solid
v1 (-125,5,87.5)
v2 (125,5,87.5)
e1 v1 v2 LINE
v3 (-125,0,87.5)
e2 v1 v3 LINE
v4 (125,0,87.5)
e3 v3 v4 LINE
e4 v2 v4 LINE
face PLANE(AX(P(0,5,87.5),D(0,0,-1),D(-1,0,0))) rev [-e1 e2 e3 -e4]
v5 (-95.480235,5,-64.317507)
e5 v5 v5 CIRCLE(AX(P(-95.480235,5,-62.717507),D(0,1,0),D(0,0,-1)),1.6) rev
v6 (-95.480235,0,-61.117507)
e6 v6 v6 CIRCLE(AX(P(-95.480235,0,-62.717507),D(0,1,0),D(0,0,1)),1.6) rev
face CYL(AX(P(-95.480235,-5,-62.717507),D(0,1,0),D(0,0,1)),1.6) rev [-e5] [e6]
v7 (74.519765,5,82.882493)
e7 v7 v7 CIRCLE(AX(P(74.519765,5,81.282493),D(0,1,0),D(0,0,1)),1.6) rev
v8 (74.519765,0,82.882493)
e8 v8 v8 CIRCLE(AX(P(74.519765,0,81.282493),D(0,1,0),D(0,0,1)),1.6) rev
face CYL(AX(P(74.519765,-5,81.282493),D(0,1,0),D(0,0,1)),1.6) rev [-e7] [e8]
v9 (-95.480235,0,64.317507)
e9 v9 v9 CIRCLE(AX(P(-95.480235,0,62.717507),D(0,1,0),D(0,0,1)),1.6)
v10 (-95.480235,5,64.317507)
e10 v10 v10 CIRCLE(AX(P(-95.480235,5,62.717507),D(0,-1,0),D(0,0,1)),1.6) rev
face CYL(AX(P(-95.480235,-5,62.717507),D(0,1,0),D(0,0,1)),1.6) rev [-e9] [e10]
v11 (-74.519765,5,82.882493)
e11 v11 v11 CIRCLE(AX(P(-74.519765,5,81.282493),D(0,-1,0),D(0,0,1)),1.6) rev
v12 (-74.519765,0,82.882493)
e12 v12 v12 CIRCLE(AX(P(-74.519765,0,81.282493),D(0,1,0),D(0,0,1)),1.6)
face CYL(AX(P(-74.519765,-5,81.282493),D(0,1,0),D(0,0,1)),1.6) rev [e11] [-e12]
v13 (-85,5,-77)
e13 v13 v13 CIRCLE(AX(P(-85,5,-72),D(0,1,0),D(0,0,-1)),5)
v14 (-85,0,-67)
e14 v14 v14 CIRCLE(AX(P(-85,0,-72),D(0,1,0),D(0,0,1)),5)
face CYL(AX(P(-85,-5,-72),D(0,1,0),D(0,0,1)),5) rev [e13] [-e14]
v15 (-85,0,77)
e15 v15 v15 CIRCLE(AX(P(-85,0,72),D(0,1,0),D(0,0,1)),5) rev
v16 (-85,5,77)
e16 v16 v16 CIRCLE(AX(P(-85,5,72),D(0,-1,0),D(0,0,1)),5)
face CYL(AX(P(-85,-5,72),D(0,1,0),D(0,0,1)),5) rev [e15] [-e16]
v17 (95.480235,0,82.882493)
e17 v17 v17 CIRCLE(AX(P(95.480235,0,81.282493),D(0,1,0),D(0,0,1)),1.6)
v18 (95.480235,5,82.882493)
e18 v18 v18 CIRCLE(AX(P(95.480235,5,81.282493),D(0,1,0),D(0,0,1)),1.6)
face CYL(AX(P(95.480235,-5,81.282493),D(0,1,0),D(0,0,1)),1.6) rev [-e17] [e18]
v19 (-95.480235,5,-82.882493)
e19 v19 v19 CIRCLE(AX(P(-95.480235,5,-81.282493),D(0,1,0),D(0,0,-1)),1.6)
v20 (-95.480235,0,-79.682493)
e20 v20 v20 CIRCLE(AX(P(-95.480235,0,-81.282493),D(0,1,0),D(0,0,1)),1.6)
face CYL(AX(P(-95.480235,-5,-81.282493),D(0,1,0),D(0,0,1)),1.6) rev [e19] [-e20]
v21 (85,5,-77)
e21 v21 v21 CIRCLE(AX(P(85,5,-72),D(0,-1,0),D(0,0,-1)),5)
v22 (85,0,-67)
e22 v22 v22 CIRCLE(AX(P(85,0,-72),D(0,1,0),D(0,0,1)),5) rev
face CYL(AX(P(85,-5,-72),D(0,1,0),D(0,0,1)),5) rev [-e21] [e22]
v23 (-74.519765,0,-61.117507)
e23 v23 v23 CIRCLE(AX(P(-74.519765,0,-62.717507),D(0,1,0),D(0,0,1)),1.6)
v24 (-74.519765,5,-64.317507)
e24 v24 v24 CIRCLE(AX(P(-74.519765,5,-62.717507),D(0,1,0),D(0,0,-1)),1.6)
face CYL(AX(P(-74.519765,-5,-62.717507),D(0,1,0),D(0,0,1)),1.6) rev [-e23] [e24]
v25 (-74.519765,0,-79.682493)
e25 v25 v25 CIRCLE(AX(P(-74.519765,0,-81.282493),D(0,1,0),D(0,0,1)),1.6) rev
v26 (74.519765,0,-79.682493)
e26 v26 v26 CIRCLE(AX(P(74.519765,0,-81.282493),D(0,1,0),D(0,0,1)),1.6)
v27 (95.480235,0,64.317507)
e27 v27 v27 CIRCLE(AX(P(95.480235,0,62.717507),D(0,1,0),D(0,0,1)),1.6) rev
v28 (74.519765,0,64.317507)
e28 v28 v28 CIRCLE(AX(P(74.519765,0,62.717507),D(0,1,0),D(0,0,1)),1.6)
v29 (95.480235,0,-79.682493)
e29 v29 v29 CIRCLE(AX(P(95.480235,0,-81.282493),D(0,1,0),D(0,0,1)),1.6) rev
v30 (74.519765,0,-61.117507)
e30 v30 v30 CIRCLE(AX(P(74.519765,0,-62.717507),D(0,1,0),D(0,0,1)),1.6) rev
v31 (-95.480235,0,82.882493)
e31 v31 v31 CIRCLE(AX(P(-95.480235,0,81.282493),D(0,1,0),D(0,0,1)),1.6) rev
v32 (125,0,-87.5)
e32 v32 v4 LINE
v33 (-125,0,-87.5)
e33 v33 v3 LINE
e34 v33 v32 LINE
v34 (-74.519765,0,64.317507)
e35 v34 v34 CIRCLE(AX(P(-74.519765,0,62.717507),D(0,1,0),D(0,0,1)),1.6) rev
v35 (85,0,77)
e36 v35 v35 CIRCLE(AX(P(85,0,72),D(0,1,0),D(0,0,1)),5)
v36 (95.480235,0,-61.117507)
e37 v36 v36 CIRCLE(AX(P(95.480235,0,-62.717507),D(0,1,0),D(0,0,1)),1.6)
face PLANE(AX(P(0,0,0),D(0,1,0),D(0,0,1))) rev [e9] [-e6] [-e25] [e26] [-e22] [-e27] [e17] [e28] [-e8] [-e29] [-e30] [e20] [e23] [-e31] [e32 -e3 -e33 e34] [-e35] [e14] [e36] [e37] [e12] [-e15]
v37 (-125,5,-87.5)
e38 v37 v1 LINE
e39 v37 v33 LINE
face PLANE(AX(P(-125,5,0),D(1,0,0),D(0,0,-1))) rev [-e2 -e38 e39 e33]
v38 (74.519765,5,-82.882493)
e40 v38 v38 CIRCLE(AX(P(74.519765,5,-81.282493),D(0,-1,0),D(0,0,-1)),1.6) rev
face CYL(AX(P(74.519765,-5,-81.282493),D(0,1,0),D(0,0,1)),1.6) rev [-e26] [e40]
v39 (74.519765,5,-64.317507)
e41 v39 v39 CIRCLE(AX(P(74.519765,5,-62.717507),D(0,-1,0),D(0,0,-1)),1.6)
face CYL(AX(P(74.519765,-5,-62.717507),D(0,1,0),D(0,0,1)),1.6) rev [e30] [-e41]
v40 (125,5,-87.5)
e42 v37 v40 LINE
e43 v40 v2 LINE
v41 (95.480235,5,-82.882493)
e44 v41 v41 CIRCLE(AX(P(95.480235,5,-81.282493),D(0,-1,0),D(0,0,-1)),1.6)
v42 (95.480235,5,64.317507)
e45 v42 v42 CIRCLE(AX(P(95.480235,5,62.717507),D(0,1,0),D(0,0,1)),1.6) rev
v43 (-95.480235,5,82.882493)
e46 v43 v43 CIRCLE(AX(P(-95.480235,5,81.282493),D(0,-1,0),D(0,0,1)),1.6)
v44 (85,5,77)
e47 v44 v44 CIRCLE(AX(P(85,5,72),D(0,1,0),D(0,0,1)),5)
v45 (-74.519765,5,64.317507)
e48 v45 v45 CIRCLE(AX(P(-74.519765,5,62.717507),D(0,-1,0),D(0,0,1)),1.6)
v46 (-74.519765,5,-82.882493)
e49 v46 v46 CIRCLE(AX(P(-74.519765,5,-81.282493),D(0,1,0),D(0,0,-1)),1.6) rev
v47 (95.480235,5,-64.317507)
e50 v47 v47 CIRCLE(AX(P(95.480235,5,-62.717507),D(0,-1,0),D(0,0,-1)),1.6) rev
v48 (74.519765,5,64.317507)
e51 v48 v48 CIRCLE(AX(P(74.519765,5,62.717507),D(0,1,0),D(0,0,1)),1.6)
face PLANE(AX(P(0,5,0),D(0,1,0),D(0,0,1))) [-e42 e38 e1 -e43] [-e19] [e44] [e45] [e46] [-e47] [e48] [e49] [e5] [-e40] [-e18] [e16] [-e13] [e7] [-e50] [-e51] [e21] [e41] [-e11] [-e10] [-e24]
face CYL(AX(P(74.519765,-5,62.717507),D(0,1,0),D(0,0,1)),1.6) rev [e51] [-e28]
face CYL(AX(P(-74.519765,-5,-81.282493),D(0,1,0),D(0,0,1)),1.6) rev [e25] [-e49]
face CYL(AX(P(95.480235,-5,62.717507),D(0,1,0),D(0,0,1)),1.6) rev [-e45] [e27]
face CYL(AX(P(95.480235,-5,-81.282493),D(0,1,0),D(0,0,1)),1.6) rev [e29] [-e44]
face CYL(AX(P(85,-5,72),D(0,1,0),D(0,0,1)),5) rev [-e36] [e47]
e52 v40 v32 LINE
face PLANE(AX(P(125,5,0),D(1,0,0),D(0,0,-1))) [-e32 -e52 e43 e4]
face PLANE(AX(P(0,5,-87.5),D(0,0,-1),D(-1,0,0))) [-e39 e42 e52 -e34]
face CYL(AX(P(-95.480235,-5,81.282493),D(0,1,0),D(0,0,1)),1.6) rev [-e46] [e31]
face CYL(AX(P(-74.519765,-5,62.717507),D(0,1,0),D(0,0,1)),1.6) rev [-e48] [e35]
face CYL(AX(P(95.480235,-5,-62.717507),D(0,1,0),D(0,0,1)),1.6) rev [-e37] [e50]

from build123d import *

# Parameters (mm, degrees)
BOSS_EXTRU_1_DEPTH          = 5
ESQUISSE2_R                 = 5
ESQUISSE2_R_2               = 1.6
ENL_V_MAT_EXTRU_4_DEPTH     = 10
SYM_TRIE2_COPY_1_SKETCH_R   = 5
SYM_TRIE2_COPY_1_SKETCH_R_2 = 1.6
SYM_TRIE2_COPY_1_DEPTH      = 10


with BuildPart() as part:
    # Esquisse1 → Boss.-Extru.1 (new body)
    with BuildSketch(Plane(origin=(0, 0, 0), x_dir=(1, 0, 0), z_dir=(0, 1, 0))):
        Polygon((45, 87.5), (-70, 87.5), (-125, 87.5), (-125, 67.5), (-125, -67.5), (-125, -87.5), (-70, -87.5), (45, -87.5), (125, -87.5), (125, -42.5), (125, 42.5), (125, 87.5), align=None)
    extrude(amount=BOSS_EXTRU_1_DEPTH)

    # Esquisse2 → Enlèv. mat.-Extru.4 (cut)
    with BuildSketch(Plane(origin=(0, 5, 0), x_dir=(1, 0, 0), z_dir=(0, 1, 0))):
        with Locations(Location((85, -72, 0), (0, 0, 270))):
            Circle(ESQUISSE2_R)
        with Locations(Location((74.519765478, -62.717506566, 0), (0, 0, 270))):
            Circle(ESQUISSE2_R_2)
        with Locations(Location((74.519765478, -81.282493434, 0), (0, 0, 270))):
            Circle(ESQUISSE2_R_2)
        with Locations(Location((95.480234522, -81.282493434, 0), (0, 0, 270))):
            Circle(ESQUISSE2_R_2)
        with Locations(Location((95.480234522, -62.717506566, 0), (0, 0, 270))):
            Circle(ESQUISSE2_R_2)
    enl_v_mat_extru_4 = extrude(amount=-ENL_V_MAT_EXTRU_4_DEPTH, mode=Mode.SUBTRACT)

    # Symétrie1: Enlèv. mat.-Extru.4 across plane
    add(enl_v_mat_extru_4.mirror(Plane.XY), mode=Mode.SUBTRACT)

    # Symétrie2: Enlèv. mat.-Extru.4 across plane
    add(enl_v_mat_extru_4.mirror(Plane(origin=(0, 0, 0), x_dir=(0, 0, 1), z_dir=(1, 0, 0))), mode=Mode.SUBTRACT)

    # Symétrie2 copy 1 sketch → Symétrie2 copy 1 (cut)
    with BuildSketch(Plane(origin=(0, 5, 0), x_dir=(-1, 0, 0), z_dir=(0, 1, 0))):
        with Locations(Location((85, -72, 0), (0, 0, 270))):
            Circle(SYM_TRIE2_COPY_1_SKETCH_R)
        with Locations(Location((74.519765478, -62.717506566, 0), (0, 0, 270))):
            Circle(SYM_TRIE2_COPY_1_SKETCH_R_2)
        with Locations(Location((74.519765478, -81.282493434, 0), (0, 0, 270))):
            Circle(SYM_TRIE2_COPY_1_SKETCH_R_2)
        with Locations(Location((95.480234522, -81.282493434, 0), (0, 0, 270))):
            Circle(SYM_TRIE2_COPY_1_SKETCH_R_2)
        with Locations(Location((95.480234522, -62.717506566, 0), (0, 0, 270))):
            Circle(SYM_TRIE2_COPY_1_SKETCH_R_2)
    extrude(amount=-SYM_TRIE2_COPY_1_DEPTH, mode=Mode.SUBTRACT)


solid = part.part
